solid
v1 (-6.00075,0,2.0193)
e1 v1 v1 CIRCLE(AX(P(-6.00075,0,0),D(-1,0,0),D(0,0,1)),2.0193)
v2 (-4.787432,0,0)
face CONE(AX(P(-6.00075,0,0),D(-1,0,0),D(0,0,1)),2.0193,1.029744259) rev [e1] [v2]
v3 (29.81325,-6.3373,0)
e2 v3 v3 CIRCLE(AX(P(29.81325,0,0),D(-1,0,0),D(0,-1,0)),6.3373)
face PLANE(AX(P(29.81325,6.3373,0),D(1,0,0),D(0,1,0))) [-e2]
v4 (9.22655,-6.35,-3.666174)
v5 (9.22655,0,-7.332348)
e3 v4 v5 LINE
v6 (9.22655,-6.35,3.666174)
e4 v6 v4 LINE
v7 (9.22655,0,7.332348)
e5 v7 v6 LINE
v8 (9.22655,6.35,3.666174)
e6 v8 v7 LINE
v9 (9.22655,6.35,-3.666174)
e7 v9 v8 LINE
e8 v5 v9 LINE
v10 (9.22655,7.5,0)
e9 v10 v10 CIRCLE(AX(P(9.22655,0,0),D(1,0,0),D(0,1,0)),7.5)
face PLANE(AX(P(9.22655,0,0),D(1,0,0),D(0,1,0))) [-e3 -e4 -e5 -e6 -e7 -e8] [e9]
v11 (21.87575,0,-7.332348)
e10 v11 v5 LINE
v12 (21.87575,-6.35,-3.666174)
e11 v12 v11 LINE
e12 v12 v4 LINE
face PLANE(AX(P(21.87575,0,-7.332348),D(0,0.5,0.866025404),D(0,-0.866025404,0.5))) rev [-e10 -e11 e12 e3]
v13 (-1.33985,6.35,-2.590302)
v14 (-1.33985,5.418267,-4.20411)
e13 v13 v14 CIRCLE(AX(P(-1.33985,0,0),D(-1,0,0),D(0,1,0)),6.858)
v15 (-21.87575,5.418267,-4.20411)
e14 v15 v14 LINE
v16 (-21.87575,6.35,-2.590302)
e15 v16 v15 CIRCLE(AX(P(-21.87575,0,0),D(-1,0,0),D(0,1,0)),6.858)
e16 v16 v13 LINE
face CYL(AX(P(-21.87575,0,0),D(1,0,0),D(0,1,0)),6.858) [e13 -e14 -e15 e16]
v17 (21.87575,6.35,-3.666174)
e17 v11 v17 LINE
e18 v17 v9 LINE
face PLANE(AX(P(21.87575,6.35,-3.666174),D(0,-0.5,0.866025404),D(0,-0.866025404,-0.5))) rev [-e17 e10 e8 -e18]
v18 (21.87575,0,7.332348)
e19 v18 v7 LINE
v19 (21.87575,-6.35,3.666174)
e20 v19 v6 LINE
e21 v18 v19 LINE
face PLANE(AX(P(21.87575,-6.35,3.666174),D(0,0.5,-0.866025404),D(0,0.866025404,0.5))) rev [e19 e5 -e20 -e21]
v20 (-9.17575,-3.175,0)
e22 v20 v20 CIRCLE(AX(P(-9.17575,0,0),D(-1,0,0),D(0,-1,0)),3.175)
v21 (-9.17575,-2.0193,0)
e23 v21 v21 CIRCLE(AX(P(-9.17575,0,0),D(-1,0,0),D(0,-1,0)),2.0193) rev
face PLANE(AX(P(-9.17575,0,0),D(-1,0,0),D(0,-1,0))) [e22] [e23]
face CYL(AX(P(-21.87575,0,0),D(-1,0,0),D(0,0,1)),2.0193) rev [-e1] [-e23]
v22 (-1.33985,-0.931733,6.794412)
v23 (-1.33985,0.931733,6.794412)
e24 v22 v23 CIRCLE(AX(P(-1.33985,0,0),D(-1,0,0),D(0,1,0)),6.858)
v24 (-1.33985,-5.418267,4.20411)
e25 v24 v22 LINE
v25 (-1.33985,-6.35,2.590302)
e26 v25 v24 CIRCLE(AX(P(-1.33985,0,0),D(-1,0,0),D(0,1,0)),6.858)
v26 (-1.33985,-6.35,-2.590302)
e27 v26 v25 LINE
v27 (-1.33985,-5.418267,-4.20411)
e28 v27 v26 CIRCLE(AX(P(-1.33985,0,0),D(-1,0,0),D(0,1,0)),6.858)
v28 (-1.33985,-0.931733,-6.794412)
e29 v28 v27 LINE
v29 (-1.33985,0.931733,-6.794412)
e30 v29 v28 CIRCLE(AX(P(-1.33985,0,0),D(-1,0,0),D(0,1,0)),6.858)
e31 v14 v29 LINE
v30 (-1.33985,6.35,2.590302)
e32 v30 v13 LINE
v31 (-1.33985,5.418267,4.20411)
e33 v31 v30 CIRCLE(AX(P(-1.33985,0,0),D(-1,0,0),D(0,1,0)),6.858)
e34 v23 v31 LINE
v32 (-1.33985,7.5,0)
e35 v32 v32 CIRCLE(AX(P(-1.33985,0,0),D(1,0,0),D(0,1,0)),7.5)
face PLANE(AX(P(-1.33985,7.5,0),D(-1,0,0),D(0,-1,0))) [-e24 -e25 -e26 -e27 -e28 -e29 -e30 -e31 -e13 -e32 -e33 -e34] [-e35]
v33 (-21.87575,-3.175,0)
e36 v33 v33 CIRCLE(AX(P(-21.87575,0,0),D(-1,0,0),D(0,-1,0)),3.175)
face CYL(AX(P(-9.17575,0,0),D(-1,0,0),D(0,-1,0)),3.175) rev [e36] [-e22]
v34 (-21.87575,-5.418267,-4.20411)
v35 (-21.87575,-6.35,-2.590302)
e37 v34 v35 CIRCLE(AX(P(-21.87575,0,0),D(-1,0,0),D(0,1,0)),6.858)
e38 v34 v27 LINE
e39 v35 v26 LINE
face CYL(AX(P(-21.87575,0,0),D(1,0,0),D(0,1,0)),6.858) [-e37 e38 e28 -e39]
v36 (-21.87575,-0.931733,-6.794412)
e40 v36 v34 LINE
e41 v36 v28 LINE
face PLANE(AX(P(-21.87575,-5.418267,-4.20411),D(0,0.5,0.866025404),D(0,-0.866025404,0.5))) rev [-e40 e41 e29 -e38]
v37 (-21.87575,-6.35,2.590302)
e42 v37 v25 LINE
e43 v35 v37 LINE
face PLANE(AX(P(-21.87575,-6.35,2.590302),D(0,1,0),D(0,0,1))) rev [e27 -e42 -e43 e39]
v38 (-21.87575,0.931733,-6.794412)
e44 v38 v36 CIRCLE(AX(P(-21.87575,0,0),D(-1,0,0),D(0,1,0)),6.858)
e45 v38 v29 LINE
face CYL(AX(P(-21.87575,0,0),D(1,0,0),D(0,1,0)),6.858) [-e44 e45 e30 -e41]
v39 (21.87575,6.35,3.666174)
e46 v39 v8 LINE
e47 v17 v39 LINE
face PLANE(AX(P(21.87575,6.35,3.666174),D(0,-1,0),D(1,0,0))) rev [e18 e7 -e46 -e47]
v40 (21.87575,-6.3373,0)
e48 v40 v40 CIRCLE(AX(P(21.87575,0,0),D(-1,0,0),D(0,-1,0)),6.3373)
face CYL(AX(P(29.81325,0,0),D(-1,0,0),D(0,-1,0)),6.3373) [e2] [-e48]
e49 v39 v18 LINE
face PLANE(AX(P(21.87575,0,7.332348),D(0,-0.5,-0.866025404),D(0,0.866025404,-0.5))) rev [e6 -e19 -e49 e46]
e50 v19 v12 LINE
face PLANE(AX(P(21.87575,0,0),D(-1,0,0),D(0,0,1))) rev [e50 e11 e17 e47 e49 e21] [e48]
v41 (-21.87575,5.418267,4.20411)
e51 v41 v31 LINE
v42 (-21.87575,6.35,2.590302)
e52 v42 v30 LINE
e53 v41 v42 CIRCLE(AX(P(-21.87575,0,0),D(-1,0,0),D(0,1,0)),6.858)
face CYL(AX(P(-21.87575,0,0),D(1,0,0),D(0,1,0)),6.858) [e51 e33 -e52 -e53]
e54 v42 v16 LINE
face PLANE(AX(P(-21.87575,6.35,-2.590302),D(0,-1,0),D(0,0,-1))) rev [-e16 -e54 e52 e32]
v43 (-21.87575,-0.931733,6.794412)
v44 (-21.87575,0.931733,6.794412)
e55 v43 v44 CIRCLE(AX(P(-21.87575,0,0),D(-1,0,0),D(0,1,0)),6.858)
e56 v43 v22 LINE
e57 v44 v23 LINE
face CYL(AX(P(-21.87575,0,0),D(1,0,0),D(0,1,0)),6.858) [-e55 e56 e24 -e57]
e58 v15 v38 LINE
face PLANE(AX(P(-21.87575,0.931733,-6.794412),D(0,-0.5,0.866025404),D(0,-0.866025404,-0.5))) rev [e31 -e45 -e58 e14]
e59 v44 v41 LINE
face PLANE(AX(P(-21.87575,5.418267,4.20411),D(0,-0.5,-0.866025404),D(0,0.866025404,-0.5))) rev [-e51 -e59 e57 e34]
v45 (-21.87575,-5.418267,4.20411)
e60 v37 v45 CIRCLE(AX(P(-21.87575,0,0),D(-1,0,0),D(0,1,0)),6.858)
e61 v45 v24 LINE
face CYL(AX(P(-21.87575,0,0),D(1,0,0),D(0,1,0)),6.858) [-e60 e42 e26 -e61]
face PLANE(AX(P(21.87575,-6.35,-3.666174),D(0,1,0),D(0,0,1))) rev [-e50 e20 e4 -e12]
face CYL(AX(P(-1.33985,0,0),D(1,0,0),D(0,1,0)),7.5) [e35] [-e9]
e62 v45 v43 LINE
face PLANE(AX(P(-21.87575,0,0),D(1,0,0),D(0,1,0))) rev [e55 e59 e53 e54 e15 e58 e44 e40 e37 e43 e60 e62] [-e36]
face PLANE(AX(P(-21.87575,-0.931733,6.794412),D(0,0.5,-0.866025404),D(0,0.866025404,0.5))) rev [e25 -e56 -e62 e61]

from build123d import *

# Parameters (mm, degrees)
SKETCH1_W                       = 10.5664
SKETCH1_H                       = 7.5
BOSS_EXTRUDE1_DEPTH             = 20.5359
BOSS_EXTRUDE2_DEPTH             = 12.6492
SKETCH4_W                       = 7.9375
SKETCH4_H                       = 6.3373
F_21_0_159_DIAMETER_HOLE1_D     = 4.0386
F_21_0_159_DIAMETER_HOLE1_DEPTH = 15.875
F_21_0_159_DIAMETER_HOLE1_TIP   = 1.213317848
SKETCH7_R                       = 3.175
CUT_EXTRUDE1_DEPTH              = 12.7


with BuildPart() as part:
    # Sketch1 → Revolve1 (revolve)
    with BuildSketch(Plane.XY):
        with Locations((3.94335, 3.75)):
            Rectangle(SKETCH1_W, SKETCH1_H)
    revolve(axis=Axis((-1.33985, 0, 0), (1, 0, 0)))

    # Sketch2 → Boss-Extrude1 (add)
    with BuildSketch(Plane.ZY.offset(1.33985)):
        with BuildLine():
            Line((-2.590301913, 6.35), (2.590301913, 6.35))
            ThreePointArc((2.590301913, 6.35), (3.429, 5.939202219), (4.204110358, 5.41826726))
            Line((4.204110358, 5.41826726), (6.79441227, 0.93173274))
            ThreePointArc((6.79441227, 0.93173274), (6.858, 0), (6.79441227, -0.93173274))
            Line((6.79441227, -0.93173274), (4.204110358, -5.41826726))
            ThreePointArc((4.204110358, -5.41826726), (3.429, -5.939202219), (2.590301913, -6.35))
            Line((2.590301913, -6.35), (-2.590301913, -6.35))
            ThreePointArc((-2.590301913, -6.35), (-3.429, -5.939202219), (-4.204110358, -5.41826726))
            Line((-4.204110358, -5.41826726), (-6.79441227, -0.93173274))
            ThreePointArc((-6.79441227, -0.93173274), (-6.858, 0), (-6.79441227, 0.93173274))
            Line((-6.79441227, 0.93173274), (-4.204110358, 5.41826726))
            ThreePointArc((-4.204110358, 5.41826726), (-3.429, 5.939202219), (-2.590301913, 6.35))
        make_face()
    extrude(amount=BOSS_EXTRUDE1_DEPTH)

    # Sketch3 → Boss-Extrude2 (add)
    with BuildSketch(Plane(origin=(9.22655, 0, 0), x_dir=(0, 0, -1), z_dir=(1, 0, 0))):
        Polygon((3.666174209, -6.35), (-3.666174209, -6.35), (-7.332348419, 0), (-3.666174209, 6.35), (3.666174209, 6.35), (7.332348419, 0), align=None)
    extrude(amount=BOSS_EXTRUDE2_DEPTH)

    # Sketch4 → Revolve2 (revolve)
    with BuildSketch(Plane(origin=(0, 0, 0), x_dir=(-1, 0, 0), z_dir=(0, 0, -1))):
        with Locations((-25.8445, 3.16865)):
            Rectangle(SKETCH4_W, SKETCH4_H)
    revolve(axis=Axis((29.81325, 0, 0), (-1, 0, 0)))

    # #21 (0.159) Diameter Hole1
    with Locations(Plane.ZY.offset(21.87575)):
        with Locations((0, 0)):
            Hole(F_21_0_159_DIAMETER_HOLE1_D / 2, depth=F_21_0_159_DIAMETER_HOLE1_DEPTH)
            with Locations((0, 0, -(F_21_0_159_DIAMETER_HOLE1_DEPTH + F_21_0_159_DIAMETER_HOLE1_TIP / 2))):  # 118° drill point
                Cone(0, F_21_0_159_DIAMETER_HOLE1_D / 2, F_21_0_159_DIAMETER_HOLE1_TIP, mode=Mode.SUBTRACT)

    # Sketch7 → Cut-Extrude1 (cut)
    with BuildSketch(Plane.ZY.offset(21.87575)):
        Circle(SKETCH7_R)
    extrude(amount=-CUT_EXTRUDE1_DEPTH, mode=Mode.SUBTRACT)


solid = part.part
